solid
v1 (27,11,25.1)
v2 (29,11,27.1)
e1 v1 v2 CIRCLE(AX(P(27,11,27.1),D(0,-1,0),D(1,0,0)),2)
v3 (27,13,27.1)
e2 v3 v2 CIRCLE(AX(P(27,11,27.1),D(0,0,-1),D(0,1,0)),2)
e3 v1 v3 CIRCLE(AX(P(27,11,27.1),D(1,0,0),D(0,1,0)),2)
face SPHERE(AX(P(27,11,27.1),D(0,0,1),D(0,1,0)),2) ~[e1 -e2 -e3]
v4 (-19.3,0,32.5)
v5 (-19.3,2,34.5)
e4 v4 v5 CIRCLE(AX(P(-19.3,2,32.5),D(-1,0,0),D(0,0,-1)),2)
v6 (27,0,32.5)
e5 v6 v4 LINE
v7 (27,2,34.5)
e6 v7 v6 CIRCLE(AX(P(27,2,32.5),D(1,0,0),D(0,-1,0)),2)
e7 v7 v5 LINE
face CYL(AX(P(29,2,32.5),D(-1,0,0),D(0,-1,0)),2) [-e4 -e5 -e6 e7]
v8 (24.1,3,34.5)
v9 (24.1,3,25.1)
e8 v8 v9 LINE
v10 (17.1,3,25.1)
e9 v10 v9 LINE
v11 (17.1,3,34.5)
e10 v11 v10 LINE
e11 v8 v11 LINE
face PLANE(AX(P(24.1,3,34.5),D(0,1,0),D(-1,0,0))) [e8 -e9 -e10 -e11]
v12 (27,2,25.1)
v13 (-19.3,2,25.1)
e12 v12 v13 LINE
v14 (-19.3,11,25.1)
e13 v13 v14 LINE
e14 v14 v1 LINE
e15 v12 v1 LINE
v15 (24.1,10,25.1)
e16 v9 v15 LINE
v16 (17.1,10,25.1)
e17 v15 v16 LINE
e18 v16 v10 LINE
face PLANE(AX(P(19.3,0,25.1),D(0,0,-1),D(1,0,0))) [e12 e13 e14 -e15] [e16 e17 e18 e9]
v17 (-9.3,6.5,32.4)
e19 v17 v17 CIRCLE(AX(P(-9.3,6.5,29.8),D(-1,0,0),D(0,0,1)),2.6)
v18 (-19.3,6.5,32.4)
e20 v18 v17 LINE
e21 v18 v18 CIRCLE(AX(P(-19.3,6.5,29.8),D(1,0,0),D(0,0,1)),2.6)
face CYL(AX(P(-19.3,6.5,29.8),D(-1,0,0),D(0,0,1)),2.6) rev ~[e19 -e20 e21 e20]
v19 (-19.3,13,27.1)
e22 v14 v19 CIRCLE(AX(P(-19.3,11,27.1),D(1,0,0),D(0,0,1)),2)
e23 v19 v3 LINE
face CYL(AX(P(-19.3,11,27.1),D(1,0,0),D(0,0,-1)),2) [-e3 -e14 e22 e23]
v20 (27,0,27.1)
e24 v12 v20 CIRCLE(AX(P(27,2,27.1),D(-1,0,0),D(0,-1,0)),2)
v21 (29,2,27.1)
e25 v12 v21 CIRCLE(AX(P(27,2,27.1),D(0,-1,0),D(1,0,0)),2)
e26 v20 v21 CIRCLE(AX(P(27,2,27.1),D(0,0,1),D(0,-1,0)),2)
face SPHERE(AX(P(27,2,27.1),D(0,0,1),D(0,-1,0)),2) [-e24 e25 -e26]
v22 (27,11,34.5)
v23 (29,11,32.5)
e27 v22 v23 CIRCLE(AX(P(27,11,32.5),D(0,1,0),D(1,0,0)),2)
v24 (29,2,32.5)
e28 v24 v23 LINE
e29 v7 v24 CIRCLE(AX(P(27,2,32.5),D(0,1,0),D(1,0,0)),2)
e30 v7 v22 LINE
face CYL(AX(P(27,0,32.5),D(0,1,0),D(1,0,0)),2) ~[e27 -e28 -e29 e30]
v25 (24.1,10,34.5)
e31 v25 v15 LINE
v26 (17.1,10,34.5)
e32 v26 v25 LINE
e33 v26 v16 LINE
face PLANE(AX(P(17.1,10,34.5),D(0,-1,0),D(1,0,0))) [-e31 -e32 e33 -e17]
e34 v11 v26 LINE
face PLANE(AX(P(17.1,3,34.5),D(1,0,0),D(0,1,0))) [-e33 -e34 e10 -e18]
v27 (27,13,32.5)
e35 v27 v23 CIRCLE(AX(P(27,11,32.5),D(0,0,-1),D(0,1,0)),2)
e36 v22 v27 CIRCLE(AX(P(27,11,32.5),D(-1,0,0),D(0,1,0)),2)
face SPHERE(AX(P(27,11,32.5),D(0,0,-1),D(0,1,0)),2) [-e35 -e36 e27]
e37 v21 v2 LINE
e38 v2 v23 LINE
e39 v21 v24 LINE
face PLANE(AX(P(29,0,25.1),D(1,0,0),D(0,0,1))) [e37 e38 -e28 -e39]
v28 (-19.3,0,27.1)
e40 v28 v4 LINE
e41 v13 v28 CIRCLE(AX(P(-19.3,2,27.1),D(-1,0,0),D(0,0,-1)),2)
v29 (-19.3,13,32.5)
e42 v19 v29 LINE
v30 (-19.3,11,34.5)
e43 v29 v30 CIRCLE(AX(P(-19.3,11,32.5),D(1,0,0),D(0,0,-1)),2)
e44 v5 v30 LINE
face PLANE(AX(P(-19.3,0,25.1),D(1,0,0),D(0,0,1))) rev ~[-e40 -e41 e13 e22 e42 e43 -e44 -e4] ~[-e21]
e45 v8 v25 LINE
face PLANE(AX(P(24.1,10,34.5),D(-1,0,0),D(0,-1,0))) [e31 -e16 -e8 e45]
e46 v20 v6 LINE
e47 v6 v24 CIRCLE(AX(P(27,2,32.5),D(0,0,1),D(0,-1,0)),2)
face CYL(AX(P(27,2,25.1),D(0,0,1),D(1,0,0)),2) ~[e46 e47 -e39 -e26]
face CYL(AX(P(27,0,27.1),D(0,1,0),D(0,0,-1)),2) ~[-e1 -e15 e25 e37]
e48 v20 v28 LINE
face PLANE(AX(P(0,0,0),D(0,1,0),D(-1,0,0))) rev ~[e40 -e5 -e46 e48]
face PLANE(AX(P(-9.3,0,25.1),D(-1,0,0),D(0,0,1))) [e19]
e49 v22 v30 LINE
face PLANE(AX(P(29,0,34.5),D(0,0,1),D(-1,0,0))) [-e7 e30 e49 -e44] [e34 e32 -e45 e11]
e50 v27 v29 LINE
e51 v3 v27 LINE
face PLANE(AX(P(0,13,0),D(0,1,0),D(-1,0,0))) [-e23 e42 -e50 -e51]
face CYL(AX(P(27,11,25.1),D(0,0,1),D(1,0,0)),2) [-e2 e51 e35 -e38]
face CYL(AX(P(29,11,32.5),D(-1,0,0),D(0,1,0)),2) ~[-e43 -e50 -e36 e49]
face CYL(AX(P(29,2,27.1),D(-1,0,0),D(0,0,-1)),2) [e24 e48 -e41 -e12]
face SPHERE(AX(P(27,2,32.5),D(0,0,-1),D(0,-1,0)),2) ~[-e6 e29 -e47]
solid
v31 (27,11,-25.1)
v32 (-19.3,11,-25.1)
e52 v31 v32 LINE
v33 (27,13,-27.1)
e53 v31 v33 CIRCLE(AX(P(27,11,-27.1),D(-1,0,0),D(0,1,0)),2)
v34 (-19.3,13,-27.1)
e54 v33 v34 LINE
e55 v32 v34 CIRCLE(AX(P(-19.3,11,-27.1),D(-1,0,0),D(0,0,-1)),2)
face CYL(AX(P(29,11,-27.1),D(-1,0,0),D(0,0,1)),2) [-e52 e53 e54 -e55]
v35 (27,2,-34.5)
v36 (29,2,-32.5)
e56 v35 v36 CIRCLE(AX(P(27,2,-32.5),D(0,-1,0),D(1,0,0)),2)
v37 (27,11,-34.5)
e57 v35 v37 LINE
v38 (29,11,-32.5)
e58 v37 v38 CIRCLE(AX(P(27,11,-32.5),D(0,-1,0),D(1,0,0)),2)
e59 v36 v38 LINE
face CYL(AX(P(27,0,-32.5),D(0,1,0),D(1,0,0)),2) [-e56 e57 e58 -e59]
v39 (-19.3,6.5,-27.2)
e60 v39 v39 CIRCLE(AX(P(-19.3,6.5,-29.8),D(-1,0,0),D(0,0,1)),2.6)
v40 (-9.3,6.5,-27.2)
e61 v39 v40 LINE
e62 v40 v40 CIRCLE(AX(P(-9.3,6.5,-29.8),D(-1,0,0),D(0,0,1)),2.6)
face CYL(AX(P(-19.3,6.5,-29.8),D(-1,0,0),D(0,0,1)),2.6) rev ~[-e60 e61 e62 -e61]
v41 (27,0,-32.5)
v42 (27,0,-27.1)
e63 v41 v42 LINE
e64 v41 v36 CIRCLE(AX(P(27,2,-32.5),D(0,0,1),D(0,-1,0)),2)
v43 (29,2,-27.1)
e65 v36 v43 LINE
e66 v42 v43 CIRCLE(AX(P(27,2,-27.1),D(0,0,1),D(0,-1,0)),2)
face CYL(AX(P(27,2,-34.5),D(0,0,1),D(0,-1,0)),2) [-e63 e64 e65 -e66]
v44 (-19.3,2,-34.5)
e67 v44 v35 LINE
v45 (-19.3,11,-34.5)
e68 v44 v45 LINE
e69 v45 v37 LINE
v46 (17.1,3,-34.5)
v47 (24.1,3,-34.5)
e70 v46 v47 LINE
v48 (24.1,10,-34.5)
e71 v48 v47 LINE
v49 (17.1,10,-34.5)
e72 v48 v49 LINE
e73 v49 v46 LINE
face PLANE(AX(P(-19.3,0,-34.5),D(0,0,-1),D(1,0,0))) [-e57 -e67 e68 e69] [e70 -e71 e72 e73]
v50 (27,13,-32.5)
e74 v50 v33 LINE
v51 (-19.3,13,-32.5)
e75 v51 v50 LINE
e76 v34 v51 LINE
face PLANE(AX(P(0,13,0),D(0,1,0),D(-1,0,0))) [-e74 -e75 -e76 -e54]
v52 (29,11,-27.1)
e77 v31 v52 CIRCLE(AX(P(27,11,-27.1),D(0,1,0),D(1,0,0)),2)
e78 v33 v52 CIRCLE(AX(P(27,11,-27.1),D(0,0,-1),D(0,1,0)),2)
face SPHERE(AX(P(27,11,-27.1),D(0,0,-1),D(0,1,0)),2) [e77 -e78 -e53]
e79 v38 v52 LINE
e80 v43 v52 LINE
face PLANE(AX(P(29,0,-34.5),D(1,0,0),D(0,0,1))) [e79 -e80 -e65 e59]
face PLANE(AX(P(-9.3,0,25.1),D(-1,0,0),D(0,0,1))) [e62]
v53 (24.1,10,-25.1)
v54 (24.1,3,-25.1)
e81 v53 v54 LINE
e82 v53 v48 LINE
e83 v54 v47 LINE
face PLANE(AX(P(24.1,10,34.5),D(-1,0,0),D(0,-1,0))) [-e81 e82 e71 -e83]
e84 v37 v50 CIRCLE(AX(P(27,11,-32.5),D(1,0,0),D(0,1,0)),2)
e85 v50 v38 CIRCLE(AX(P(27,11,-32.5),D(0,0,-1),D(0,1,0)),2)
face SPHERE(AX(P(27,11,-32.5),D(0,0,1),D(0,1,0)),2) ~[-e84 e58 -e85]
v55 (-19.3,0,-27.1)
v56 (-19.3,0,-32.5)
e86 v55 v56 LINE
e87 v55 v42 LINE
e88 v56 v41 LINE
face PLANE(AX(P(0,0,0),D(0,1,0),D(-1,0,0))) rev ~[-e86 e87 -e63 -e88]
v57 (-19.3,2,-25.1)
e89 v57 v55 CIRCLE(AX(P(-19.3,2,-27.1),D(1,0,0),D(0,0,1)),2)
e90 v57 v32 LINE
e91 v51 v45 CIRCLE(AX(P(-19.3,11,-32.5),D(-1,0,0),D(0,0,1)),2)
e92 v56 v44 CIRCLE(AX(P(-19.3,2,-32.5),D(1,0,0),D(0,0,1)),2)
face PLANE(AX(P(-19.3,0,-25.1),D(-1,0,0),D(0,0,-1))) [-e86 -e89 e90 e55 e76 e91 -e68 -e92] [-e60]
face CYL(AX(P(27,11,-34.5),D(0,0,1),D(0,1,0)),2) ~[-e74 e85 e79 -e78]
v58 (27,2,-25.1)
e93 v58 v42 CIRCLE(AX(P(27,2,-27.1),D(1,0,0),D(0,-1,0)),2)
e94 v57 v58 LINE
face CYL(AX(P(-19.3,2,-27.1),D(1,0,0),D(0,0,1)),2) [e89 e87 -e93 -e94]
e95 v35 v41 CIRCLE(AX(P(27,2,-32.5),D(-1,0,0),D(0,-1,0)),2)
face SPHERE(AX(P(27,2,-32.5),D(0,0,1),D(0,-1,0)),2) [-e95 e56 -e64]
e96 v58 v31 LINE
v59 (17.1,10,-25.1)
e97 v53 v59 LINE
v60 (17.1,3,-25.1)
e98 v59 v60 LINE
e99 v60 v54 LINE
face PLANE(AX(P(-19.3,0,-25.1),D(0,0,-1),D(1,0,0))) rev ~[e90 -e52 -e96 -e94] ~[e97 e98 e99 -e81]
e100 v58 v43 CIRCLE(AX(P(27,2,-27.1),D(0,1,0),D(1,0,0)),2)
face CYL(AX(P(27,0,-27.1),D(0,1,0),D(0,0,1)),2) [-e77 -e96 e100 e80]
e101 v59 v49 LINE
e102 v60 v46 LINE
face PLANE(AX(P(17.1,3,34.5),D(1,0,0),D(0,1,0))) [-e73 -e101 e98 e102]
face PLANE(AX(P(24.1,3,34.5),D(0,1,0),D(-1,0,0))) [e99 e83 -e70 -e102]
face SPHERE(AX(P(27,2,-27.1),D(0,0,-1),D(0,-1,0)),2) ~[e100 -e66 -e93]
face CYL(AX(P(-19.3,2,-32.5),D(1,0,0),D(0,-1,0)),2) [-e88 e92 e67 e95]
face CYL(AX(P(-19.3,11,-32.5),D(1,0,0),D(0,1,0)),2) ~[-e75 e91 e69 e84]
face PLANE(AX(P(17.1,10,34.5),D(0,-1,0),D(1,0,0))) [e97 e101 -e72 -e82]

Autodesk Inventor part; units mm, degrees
ref_plane "YZ Plane" through (0, 0, 0) normal (1, 0, 0) x (0, 1, 0)
ref_plane "XZ Plane" through (0, 0, 0) normal (0, 1, 0) x (-1, 0, 0)
ref_plane "XY Plane" through (0, 0, 0) normal (0, 0, 1) x (1, 0, 0)
sketch "Szkic1" plane through (0, 0, 0) normal (0, 1, 0) x (-1, 0, 0)
  line L0 (-19.3, 25.1) -> (19.3, 25.1)
  line L1 (19.3, 25.1) -> (19.3, -25.1)
  line L2 (19.3, -25.1) -> (-19.3, -25.1)
  line L3 (-19.3, -25.1) -> (-19.3, 25.1)
  line L4 (-19.3, 25.1) -> (19.3, -25.1) construction
  line L5 (19.3, 25.1) -> (-19.3, -25.1) construction
  line L6 (-29, 34.5) -> (29, 34.5)
  line L7 (29, 34.5) -> (29, -34.5)
  line L8 (29, -34.5) -> (-29, -34.5)
  line L9 (-29, -34.5) -> (-29, 34.5)
  line L10 (-29, 34.5) -> (29, -34.5) construction
  line L11 (29, 34.5) -> (-29, -34.5) construction
  line L12 (19.3, 25.1) -> (19.3, 34.5)
  line L13 (19.3, -25.1) -> (19.3, -34.5)
  line L14 (-19.3, 25.1) -> (-29, 25.1)
  line L15 (-19.3, -25.1) -> (-29, -25.1)
  point P0 (0, 0)
  dimension "d0" = 38.6
  dimension "d1" = 50.2
  dimension "d2" = 58
  dimension "d3" = 69
extrude "Wyciągnięcie proste1" add sketch "Szkic1" along normal blind 13 contours L14 L9 L6 L12 L0 | L2 L13 L8 L9 L15
sketch "Szkic2" plane through (-19.3, 0, 25.1) normal (-1, 0, 0) x (0, 0, 1)
  line L0 (9.4, 0) -> (-59.6, 0) projected
  line L1 (9.4, 0) -> (-59.6, 0)
  line L2 (-25.1, 0) -> (-25.1, 13)
  line L3 (-50.2, 13) -> (0, 13) projected
  line L4 (0, 0) -> (0, 13) projected
  line L5 (9.4, 0) -> (0, 0)
  line L6 (4.7, 0) -> (4.7, 13)
  line L7 (9.4, 13) -> (-59.6, 13) projected
  circle A0 centre (4.7, 6.5) radius 2.6
  circle A1 centre (-54.9, 6.5) radius 2.6
  dimension "d6" = 5.2
extrude "Wyciągnięcie proste2" cut sketch "Szkic2" against normal blind 10 contours A0 L6 | L6 A0 | A1
sketch "Szkic3" plane through (-19.3, 0, 34.5) normal (0, 0, 1) x (1, 0, 0)
  line L0 (48.3, 0) -> (48.3, 13) projected
  line L1 (48.3, 0) -> (48.3, 13)
  line L2 (48.3, 13) -> (48.3, 6.5)
  line L3 (48.3, 6.5) -> (39.9, 6.5)
  line L4 (48.3, 6.5) -> (56.7, 6.5) construction
  line L5 (43.4, 3) -> (36.4, 3)
  line L6 (36.4, 3) -> (36.4, 10)
  line L7 (36.4, 10) -> (43.4, 10)
  line L8 (43.4, 10) -> (43.4, 3)
  line L9 (43.4, 3) -> (36.4, 10) construction
  line L10 (36.4, 3) -> (43.4, 10) construction
  point P0 (19.3, 0)
  dimension "d10" = 8.4
  dimension "d11" = 180
  dimension "d12" = 7
  dimension "d13" = 7
extrude "Wyciągnięcie proste3" cut sketch "Szkic3" against normal blind 98.25
fillet "Zaokrąglenie2" radius 2 16 edges at (29, 13, 29.8) (29, 0, 29.8) (29, 0, -29.8) (29, 13, -29.8) (4.85, 13, -34.5) (4.85, 13, 34.5) (4.85, 0, 34.5) (4.85, 0, -34.5) (4.85, 13, 25.1) (4.85, 0, 25.1) (4.85, 0, -25.1) (4.85, 13, -25.1) (29, 6.5, 34.5) (29, 6.5, 25.1) (29, 6.5, -25.1) (29, 6.5, -34.5)
properties part number "clamp"
